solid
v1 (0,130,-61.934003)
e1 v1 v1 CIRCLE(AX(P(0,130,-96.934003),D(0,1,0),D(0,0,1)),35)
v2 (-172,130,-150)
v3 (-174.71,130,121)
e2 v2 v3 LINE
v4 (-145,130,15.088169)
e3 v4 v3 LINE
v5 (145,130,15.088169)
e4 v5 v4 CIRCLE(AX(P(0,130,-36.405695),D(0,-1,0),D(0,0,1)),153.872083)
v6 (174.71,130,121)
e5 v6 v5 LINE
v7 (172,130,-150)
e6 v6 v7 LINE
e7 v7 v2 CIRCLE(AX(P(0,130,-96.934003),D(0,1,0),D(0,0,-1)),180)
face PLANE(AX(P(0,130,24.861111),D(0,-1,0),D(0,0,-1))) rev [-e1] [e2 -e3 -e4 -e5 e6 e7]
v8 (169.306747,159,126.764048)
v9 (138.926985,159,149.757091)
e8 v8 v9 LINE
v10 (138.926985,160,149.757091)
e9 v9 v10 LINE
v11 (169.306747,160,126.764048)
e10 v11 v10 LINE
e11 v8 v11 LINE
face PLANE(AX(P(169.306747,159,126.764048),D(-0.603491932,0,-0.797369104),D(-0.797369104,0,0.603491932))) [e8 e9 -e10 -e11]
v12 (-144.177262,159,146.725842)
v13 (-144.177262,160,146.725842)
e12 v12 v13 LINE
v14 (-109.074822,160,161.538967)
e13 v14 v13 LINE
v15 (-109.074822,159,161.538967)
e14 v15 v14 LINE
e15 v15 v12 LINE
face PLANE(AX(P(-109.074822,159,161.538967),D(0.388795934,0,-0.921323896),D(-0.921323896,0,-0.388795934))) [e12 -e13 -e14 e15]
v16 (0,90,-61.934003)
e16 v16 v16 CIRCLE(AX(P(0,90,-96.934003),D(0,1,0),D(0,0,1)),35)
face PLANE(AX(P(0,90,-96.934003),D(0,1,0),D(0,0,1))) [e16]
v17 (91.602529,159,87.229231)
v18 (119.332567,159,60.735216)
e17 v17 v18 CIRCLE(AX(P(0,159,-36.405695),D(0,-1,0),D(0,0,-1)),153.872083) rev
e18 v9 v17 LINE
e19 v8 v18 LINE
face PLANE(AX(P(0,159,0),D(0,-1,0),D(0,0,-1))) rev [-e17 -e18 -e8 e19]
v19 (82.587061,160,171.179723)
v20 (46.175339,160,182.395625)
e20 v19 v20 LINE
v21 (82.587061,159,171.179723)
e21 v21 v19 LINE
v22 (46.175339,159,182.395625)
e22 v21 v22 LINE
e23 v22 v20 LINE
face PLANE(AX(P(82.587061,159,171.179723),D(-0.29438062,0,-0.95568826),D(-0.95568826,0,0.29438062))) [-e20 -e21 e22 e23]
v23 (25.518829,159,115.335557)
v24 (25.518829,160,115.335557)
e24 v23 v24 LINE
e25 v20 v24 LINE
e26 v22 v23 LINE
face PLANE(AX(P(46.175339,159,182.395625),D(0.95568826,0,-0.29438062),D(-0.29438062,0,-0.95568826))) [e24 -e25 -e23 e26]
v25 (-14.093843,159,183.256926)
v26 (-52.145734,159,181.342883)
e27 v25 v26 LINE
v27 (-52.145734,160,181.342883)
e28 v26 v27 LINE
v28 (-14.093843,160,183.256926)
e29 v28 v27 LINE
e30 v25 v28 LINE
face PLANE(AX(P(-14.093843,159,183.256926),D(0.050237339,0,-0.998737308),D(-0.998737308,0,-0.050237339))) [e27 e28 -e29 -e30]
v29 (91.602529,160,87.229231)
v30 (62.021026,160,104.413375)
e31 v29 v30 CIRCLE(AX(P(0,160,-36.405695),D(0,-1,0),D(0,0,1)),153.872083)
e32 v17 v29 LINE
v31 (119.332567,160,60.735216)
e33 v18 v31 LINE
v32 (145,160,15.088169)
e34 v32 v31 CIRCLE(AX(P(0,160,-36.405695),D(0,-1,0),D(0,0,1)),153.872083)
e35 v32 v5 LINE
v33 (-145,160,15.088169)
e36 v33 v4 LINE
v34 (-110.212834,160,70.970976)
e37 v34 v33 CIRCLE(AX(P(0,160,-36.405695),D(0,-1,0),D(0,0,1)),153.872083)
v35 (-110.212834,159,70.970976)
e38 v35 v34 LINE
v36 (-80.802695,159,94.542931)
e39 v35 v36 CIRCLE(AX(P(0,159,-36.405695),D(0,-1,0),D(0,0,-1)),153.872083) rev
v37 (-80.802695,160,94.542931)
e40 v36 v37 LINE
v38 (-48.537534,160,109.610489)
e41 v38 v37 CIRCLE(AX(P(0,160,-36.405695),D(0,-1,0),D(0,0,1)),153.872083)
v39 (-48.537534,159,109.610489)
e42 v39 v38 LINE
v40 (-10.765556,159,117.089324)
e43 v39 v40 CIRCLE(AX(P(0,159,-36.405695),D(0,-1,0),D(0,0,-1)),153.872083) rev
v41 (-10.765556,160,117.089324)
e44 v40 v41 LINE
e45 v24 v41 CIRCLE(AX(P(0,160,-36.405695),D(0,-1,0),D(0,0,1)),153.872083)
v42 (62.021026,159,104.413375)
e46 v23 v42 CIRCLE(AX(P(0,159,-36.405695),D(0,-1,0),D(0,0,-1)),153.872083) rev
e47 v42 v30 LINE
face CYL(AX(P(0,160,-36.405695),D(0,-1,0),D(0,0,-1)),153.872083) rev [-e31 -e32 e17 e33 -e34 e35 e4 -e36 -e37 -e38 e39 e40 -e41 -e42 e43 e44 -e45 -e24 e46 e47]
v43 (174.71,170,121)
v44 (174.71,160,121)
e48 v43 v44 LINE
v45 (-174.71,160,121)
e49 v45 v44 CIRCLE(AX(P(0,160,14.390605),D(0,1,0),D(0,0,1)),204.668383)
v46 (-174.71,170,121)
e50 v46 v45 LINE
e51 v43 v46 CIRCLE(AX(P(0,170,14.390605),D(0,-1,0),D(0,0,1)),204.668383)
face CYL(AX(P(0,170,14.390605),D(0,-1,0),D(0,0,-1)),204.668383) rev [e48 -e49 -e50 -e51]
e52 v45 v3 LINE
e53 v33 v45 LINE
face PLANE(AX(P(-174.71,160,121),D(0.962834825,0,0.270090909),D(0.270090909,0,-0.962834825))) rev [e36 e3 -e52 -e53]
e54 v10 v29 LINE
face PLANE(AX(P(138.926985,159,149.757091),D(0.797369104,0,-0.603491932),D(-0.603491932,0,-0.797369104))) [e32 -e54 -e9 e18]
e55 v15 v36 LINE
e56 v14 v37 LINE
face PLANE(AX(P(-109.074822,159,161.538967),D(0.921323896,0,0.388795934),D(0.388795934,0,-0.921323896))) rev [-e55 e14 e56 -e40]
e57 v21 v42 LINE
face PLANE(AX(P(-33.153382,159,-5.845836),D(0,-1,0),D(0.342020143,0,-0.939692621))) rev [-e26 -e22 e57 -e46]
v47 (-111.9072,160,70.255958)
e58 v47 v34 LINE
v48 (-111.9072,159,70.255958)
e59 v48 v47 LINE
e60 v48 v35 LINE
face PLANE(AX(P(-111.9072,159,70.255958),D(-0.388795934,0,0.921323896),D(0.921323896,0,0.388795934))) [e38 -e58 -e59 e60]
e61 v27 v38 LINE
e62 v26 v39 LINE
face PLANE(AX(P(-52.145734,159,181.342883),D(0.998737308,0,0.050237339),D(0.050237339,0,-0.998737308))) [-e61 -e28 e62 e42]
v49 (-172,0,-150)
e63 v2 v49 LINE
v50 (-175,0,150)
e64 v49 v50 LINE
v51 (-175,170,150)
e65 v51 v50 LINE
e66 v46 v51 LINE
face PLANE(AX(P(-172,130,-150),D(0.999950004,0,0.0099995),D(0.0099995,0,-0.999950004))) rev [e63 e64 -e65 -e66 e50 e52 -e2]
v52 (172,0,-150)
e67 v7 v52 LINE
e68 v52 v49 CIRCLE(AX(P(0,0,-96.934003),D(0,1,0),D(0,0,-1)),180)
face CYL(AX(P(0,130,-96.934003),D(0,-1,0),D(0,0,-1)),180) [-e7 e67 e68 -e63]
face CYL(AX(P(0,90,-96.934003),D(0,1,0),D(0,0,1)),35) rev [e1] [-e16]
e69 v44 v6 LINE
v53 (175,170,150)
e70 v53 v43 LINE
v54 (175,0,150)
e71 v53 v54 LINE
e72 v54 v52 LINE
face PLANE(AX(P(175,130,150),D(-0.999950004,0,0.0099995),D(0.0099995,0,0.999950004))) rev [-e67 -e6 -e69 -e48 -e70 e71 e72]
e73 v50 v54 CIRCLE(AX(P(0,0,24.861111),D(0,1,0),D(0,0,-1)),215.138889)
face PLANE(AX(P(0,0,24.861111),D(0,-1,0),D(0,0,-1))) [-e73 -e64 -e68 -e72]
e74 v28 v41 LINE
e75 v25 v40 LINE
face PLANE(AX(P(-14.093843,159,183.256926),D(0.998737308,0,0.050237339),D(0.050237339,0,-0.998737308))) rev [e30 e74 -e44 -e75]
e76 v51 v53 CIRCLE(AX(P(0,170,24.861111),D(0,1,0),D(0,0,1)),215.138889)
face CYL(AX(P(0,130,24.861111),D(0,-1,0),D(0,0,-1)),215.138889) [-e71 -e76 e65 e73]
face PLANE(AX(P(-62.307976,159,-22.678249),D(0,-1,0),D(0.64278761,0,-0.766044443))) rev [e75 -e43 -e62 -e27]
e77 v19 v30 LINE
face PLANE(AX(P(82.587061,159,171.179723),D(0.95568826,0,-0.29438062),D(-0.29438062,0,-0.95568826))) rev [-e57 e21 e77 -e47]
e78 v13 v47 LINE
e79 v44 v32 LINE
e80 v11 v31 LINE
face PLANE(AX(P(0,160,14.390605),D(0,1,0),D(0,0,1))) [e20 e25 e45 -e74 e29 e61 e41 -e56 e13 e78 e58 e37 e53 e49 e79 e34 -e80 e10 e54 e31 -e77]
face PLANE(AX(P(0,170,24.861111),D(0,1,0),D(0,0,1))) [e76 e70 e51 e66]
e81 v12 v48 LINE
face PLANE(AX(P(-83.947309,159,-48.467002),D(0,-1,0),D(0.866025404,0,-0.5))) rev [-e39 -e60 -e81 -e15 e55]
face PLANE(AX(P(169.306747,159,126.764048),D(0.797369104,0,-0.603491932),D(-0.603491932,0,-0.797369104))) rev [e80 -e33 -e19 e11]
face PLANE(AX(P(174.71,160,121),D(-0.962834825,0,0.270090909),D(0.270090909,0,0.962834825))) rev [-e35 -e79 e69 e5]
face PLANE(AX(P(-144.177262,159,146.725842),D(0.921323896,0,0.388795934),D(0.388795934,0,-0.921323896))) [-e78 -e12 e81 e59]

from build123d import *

# Parameters (mm, degrees)
BOSS_EXTRUDE1_DEPTH = 130
BOSS_EXTRUDE2_DEPTH = 40
SKETCH4_R           = 35
CUT_EXTRUDE1_DEPTH  = 40
BOSS_EXTRUDE3_DEPTH = 30
CUT_EXTRUDE2_DEPTH  = 1
CIRPATTERN1_COUNT   = 4
CIRPATTERN1_ANGLE   = 60


with BuildPart() as part:
    # Sketch2 → Boss-Extrude1 (new body)
    with BuildSketch(Plane(origin=(0, 0, 0), x_dir=(1, 0, 0), z_dir=(0, 1, 0))):
        with BuildLine():
            Line((-172, 150), (-175, -150))
            ThreePointArc((-175, -150), (0, -240), (175, -150))
            Line((175, -150), (172, 150))
            ThreePointArc((172, 150), (0, 276.934003354), (-172, 150))
        make_face()
    extrude(amount=BOSS_EXTRUDE1_DEPTH)

    # Sketch3 → Boss-Extrude2 (add)
    with BuildSketch(Plane(origin=(0, 130, 0), x_dir=(1, 0, 0), z_dir=(0, 1, 0))):
        with BuildLine():
            Line((-175, -150), (-174.71, -121))
            ThreePointArc((-174.71, -121), (0, -219.05898872), (174.71, -121))
            Line((174.71, -121), (175, -150))
            ThreePointArc((175, -150), (0, -240), (-175, -150))
        make_face()
    extrude(amount=BOSS_EXTRUDE2_DEPTH)

    # Sketch4 → Cut-Extrude1 (cut)
    with BuildSketch(Plane(origin=(0, 130, 0), x_dir=(1, 0, 0), z_dir=(0, 1, 0))):
        with Locations((0, 96.934003354)):
            Circle(SKETCH4_R)
    extrude(amount=-CUT_EXTRUDE1_DEPTH, mode=Mode.SUBTRACT)

    # Sketch5 → Boss-Extrude3 (add)
    with BuildSketch(Plane(origin=(0, 130, 0), x_dir=(1, 0, 0), z_dir=(0, 1, 0))):
        with BuildLine():
            Line((-174.71, -121), (-145, -15.088169216))
            ThreePointArc((-145, -15.088169216), (0, -117.466388714), (145, -15.088169216))
            Line((145, -15.088169216), (174.71, -121))
            ThreePointArc((174.71, -121), (0, -219.05898872), (-174.71, -121))
        make_face()
    extrude(amount=BOSS_EXTRUDE3_DEPTH)

    # Sketch6 → Cut-Extrude2 (cut)
    with BuildSketch(Plane(origin=(0, 160, 0), x_dir=(1, 0, 0), z_dir=(0, 1, 0))):
        Polygon((169.306747394, -126.764048286), (119.216917014, -60.582412673), (88.83715416, -83.575455293), (138.92698454, -149.757090907), align=None)
    cut_extrude2 = extrude(amount=-CUT_EXTRUDE2_DEPTH, mode=Mode.SUBTRACT)

    # CirPattern1: Cut-Extrude2 ×4 about axis
    cirpattern1_axis = Axis((0, 0, -96.934003354), (0, -1, 0))
    for i in range(1, CIRPATTERN1_COUNT):
        add(cut_extrude2.rotate(cirpattern1_axis, i * CIRPATTERN1_ANGLE / (CIRPATTERN1_COUNT - 1)), mode=Mode.SUBTRACT)


solid = part.part
